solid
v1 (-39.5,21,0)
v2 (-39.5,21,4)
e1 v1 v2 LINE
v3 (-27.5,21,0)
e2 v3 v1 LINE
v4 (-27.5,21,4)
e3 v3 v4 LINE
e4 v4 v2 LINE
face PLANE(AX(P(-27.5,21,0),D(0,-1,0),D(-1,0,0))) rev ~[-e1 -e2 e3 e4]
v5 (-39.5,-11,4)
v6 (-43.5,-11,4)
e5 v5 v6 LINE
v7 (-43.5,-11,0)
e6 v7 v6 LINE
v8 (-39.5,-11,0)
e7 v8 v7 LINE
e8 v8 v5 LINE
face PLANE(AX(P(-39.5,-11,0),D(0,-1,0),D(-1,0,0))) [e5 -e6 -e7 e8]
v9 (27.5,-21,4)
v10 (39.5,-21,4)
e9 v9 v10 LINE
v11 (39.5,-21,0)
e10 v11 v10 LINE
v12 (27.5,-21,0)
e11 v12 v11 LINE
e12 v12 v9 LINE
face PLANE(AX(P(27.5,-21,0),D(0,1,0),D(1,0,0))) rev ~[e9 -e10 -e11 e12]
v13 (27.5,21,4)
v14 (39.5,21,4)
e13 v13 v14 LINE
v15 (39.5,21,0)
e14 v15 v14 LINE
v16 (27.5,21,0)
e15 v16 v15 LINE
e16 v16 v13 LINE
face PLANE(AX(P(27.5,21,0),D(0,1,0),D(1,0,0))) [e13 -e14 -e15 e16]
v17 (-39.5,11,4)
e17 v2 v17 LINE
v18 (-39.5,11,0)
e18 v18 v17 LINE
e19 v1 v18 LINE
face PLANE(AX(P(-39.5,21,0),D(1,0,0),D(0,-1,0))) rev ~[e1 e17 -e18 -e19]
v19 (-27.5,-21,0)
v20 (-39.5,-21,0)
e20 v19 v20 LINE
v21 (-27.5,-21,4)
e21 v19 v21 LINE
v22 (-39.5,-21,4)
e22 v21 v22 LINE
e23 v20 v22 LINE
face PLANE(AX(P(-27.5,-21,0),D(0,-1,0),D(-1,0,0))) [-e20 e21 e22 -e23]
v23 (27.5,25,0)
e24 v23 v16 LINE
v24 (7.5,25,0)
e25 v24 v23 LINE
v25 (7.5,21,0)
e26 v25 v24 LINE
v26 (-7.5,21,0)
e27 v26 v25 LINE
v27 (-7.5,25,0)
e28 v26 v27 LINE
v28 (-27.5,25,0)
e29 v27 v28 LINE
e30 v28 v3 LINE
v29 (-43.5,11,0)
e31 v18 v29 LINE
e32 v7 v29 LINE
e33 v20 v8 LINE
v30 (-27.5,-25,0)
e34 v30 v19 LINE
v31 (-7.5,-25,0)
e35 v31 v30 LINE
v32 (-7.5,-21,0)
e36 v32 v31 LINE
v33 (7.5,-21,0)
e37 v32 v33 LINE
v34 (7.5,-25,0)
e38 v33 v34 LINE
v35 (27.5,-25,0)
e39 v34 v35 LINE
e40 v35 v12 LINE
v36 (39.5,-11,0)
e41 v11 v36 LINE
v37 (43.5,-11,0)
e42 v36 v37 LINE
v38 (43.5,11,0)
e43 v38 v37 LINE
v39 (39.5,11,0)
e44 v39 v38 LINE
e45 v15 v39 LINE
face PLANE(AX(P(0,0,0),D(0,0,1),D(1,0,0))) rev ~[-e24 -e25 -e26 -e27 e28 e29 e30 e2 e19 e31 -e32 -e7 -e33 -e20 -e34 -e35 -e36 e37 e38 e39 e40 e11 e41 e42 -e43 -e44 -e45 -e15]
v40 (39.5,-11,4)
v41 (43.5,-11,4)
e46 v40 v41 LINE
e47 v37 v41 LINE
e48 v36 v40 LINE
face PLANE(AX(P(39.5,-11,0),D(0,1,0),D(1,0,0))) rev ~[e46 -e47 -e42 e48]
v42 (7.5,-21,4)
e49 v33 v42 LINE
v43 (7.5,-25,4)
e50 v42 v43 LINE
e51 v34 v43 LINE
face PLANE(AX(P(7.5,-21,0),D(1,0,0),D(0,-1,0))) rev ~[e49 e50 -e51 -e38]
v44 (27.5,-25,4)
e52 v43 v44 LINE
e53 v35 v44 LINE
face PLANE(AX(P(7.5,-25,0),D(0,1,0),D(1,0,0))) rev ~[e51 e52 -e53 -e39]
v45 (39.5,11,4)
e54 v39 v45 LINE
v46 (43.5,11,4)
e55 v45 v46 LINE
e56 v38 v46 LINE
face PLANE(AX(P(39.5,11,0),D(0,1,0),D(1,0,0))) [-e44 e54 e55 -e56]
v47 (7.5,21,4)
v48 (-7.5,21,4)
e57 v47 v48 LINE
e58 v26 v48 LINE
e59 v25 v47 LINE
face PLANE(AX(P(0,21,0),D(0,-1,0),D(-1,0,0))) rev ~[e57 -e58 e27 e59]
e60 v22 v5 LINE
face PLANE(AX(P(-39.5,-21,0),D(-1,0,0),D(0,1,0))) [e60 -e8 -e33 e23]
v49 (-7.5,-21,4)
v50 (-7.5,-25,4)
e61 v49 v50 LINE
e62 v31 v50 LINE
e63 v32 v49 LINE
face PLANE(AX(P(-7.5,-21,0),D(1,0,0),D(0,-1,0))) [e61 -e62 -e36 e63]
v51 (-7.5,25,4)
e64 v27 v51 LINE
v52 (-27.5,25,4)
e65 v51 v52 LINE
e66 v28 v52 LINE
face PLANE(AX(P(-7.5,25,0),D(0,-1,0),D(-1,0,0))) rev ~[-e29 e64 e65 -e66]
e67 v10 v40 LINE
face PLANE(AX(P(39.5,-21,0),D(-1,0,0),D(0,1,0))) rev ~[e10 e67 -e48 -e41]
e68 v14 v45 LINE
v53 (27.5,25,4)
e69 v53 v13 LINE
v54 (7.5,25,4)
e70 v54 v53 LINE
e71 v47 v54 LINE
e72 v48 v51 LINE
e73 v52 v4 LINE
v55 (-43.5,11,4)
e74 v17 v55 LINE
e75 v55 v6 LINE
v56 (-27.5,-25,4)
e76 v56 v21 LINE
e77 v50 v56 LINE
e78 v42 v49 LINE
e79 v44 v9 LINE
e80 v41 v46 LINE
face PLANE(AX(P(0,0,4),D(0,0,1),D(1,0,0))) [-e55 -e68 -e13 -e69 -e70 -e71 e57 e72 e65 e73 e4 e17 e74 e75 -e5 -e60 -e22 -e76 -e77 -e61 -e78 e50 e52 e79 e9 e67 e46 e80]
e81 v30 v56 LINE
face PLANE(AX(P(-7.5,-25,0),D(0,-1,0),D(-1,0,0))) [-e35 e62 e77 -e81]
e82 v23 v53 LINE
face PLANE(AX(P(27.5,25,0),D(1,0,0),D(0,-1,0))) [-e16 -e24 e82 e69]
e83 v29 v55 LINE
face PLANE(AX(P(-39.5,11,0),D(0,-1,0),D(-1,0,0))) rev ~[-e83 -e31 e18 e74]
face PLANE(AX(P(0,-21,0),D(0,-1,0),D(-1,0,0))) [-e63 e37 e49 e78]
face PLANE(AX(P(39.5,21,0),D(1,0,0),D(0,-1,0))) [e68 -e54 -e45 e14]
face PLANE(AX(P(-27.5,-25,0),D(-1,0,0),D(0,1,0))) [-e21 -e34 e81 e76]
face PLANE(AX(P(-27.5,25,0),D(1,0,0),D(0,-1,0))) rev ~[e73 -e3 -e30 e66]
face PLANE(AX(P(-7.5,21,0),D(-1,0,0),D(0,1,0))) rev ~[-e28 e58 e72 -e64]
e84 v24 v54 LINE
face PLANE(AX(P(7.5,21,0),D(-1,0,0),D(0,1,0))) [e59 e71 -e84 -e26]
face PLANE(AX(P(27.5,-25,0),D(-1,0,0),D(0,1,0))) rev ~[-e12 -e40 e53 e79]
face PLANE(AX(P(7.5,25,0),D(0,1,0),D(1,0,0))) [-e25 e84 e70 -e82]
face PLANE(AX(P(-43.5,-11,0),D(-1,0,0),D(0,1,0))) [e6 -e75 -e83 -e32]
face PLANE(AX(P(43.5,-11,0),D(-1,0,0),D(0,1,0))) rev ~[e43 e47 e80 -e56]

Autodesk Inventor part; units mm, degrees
ref_plane "YZ Plane" through (0, 0, 0) normal (1, 0, 0) x (0, 1, 0)
ref_plane "XZ Plane" through (0, 0, 0) normal (0, 1, 0) x (-1, 0, 0)
ref_plane "XY Plane" through (0, 0, 0) normal (0, 0, 1) x (1, 0, 0)
sketch "Эскиз1" plane through (0, 0, 0) normal (0, 0, 1) x (1, 0, 0)
  line L0 (0, -21) -> (-7.5, -21)
  line L1 (-7.5, -21) -> (-7.5, -25)
  line L2 (-7.5, -25) -> (-27.5, -25)
  line L3 (-27.5, -25) -> (-27.5, -21)
  line L4 (-27.5, -21) -> (-39.5, -21)
  line L5 (-39.5, -21) -> (-39.5, -11)
  line L6 (-39.5, -11) -> (-43.5, -11)
  line L7 (-43.5, -11) -> (-43.5, 0)
  line L8 (-43.5, 0) -> (0, 0)
  line L9 (0, 21) -> (-7.5, 21)
  line L10 (-7.5, 21) -> (-7.5, 25)
  line L11 (-7.5, 25) -> (-27.5, 25)
  line L12 (-27.5, 25) -> (-27.5, 21)
  line L13 (-27.5, 21) -> (-39.5, 21)
  line L14 (-39.5, 21) -> (-39.5, 11)
  line L15 (-39.5, 11) -> (-43.5, 11)
  line L16 (-43.5, 11) -> (-43.5, 0)
  line L17 (0, -21) -> (0, 21)
  line L18 (0, -21) -> (7.5, -21)
  line L19 (7.5, -21) -> (7.5, -25)
  line L20 (7.5, -25) -> (27.5, -25)
  line L21 (27.5, -25) -> (27.5, -21)
  line L22 (27.5, -21) -> (39.5, -21)
  line L23 (39.5, -21) -> (39.5, -11)
  line L24 (39.5, -11) -> (43.5, -11)
  line L25 (43.5, -11) -> (43.5, 0)
  line L26 (43.5, 0) -> (0, 0)
  line L27 (0, 21) -> (7.5, 21)
  line L28 (7.5, 21) -> (7.5, 25)
  line L29 (7.5, 25) -> (27.5, 25)
  line L30 (27.5, 25) -> (27.5, 21)
  line L31 (27.5, 21) -> (39.5, 21)
  line L32 (39.5, 21) -> (39.5, 11)
  line L33 (39.5, 11) -> (43.5, 11)
  line L34 (43.5, 11) -> (43.5, 0)
  dimension "d1" = 20
  dimension "d3" = 12
  dimension "d4" = 22
  dimension "d5" = 4
  dimension "d6" = 10
  dimension "d7" = 15
extrude "Выдавливание1" add sketch "Эскиз1" along normal blind 4
properties part number "batMain" material "Дерево (береза)"
